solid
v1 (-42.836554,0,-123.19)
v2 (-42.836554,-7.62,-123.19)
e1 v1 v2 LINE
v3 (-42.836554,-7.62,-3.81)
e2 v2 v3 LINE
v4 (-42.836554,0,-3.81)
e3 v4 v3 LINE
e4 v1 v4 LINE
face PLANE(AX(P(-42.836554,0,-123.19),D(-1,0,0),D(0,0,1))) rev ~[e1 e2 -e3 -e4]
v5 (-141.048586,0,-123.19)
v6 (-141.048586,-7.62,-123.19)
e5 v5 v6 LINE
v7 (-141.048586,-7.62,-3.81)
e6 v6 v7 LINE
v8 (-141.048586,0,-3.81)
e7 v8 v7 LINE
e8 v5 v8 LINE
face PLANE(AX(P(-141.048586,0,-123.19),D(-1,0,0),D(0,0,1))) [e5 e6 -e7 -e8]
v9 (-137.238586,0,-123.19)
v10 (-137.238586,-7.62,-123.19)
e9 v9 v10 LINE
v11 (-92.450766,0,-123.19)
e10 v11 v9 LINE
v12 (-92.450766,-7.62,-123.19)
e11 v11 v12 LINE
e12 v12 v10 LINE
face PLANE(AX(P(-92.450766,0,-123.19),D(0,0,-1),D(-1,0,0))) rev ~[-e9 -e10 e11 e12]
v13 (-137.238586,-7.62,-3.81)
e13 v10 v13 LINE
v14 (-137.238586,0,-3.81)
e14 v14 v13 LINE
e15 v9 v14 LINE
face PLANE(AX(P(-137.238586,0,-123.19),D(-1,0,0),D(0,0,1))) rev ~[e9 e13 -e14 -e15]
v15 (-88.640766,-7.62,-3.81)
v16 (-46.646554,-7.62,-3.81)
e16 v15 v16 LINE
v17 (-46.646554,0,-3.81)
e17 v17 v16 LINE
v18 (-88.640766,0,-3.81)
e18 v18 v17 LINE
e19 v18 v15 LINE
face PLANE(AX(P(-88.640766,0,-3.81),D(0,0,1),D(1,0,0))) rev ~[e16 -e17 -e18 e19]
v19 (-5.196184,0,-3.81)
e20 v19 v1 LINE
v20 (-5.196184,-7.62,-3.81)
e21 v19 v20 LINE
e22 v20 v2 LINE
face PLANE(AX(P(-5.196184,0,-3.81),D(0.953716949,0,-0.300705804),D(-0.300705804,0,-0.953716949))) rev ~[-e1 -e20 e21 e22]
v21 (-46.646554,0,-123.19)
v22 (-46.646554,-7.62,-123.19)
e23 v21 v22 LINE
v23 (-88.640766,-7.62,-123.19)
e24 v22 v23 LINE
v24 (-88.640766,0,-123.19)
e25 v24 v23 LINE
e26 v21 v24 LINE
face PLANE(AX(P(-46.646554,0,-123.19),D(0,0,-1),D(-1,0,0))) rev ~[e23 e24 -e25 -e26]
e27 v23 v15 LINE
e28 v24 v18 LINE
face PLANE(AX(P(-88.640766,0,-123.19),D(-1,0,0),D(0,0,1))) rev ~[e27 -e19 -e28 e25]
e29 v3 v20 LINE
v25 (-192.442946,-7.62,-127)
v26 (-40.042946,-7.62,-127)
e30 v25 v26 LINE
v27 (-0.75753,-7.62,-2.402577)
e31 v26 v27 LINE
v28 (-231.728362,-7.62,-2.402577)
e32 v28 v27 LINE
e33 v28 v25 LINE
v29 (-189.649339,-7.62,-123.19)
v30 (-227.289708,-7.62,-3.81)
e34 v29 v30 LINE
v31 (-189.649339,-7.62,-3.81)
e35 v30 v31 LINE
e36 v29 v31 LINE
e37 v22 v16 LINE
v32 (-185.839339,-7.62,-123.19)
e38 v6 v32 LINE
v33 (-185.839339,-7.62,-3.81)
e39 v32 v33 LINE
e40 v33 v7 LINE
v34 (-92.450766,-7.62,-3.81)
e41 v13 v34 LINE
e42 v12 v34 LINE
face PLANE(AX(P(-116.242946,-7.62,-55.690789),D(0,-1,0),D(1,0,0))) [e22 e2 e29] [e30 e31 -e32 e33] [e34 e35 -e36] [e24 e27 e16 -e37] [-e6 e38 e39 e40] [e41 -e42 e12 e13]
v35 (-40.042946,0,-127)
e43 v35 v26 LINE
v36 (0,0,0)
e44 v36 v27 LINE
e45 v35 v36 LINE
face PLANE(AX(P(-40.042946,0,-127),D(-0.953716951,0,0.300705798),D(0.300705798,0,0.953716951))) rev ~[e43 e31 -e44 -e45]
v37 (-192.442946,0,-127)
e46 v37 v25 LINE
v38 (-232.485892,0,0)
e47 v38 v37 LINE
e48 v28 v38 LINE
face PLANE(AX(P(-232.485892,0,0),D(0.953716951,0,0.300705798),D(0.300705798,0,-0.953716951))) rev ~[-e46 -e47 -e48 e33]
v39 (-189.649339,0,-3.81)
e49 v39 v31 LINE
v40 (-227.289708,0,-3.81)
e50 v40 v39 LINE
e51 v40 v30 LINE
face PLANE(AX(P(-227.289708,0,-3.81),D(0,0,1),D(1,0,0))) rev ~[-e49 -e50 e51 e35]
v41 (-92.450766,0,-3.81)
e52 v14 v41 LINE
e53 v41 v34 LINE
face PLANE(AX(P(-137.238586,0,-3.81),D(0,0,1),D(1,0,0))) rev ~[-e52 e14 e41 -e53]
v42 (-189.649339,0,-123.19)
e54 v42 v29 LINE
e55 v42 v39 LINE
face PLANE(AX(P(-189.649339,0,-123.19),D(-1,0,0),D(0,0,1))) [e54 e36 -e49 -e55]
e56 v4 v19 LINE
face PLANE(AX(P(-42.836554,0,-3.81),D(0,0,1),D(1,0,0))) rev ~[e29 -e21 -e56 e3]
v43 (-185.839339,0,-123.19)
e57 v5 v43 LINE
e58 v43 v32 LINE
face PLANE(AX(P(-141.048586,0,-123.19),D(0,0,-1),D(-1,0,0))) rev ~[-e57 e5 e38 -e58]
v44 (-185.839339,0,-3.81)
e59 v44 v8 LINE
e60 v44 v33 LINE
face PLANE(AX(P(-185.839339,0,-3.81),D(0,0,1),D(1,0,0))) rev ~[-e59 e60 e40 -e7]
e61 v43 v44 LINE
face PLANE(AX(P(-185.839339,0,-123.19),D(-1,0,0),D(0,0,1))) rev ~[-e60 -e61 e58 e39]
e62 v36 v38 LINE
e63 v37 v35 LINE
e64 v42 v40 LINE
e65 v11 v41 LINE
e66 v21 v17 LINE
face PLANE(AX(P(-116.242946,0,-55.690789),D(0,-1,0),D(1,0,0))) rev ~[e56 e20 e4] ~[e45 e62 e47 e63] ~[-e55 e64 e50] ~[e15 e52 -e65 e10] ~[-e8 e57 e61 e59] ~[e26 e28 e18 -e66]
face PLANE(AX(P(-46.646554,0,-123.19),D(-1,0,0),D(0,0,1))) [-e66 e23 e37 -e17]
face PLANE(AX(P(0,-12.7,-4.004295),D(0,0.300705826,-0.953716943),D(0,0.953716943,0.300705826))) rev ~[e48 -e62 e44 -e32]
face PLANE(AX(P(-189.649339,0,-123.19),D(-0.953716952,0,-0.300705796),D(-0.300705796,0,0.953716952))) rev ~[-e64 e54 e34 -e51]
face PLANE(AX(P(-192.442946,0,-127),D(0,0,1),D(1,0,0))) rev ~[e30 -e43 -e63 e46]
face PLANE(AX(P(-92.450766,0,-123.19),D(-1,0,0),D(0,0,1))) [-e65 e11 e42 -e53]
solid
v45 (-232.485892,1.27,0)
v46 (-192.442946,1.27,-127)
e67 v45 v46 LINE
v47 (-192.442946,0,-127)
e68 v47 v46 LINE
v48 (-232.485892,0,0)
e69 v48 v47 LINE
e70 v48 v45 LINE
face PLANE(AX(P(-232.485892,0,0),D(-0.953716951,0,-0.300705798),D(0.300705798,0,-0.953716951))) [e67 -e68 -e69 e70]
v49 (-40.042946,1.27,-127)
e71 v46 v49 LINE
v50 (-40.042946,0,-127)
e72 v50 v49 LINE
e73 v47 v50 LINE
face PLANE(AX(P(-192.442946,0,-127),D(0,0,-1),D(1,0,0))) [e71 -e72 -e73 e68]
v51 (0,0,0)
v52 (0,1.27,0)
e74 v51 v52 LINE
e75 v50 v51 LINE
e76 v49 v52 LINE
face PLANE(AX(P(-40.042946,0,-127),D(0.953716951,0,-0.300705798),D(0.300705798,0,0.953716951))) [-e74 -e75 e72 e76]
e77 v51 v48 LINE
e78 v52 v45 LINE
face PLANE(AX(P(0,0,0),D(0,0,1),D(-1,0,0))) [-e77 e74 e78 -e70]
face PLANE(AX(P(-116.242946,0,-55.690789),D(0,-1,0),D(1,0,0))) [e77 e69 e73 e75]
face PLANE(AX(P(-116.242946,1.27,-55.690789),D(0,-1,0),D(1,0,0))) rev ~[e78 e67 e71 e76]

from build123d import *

# Parameters (mm, degrees)
F0_W     = 3.81
F0_H     = 119.38
F1_DEPTH = 7.62
F3_DEPTH = 2159
F5_DEPTH = 1.27


with BuildPart() as f1:
    # F0 (on Front) → F1 (new body)
    with BuildSketch(Plane.XZ):
        Polygon((-40.042946, -127), (0, 0), (-232.485892, 0), (-192.442946, -127), align=None)
        Polygon((-42.836554, -3.81), (-5.196184, -3.81), (-42.836554, -123.19), (-46.646554, -123.19), (-88.640766, -123.19), (-92.450766, -123.19), (-137.238586, -123.19), (-141.048586, -123.19), (-185.839339, -123.19), (-189.649339, -123.19), (-227.289708, -3.81), (-189.649339, -3.81), (-185.839339, -3.81), (-141.048586, -3.81), (-137.238586, -3.81), (-92.450766, -3.81), (-88.640766, -3.81), (-46.646554, -3.81), align=None, mode=Mode.SUBTRACT)
        with Locations((-139.143586, -63.5)):
            Rectangle(F0_W, F0_H)
        with Locations((-90.545766, -63.5)):
            Rectangle(F0_W, F0_H)
        with Locations((-187.744339, -63.5)):
            Rectangle(F0_W, F0_H)
        with Locations((-44.741554, -63.5)):
            Rectangle(F0_W, F0_H)
    extrude(amount=F1_DEPTH)

    # F2 (on Right) → F3 (cut)
    with BuildSketch(Plane.YZ):
        Polygon((-12.7, -4.004295), (0, 0), (-12.7, 0), align=None)
    extrude(amount=-F3_DEPTH, mode=Mode.SUBTRACT)


with BuildPart() as f5:
    # F4 (on Front) → F5 (new body)
    with BuildSketch(Plane.XZ):
        Polygon((-40.042946, -127), (0, 0), (-232.485892, 0), (-192.442946, -127), align=None)
    extrude(amount=-F5_DEPTH)


solid = Compound([f1.part, f5.part])
